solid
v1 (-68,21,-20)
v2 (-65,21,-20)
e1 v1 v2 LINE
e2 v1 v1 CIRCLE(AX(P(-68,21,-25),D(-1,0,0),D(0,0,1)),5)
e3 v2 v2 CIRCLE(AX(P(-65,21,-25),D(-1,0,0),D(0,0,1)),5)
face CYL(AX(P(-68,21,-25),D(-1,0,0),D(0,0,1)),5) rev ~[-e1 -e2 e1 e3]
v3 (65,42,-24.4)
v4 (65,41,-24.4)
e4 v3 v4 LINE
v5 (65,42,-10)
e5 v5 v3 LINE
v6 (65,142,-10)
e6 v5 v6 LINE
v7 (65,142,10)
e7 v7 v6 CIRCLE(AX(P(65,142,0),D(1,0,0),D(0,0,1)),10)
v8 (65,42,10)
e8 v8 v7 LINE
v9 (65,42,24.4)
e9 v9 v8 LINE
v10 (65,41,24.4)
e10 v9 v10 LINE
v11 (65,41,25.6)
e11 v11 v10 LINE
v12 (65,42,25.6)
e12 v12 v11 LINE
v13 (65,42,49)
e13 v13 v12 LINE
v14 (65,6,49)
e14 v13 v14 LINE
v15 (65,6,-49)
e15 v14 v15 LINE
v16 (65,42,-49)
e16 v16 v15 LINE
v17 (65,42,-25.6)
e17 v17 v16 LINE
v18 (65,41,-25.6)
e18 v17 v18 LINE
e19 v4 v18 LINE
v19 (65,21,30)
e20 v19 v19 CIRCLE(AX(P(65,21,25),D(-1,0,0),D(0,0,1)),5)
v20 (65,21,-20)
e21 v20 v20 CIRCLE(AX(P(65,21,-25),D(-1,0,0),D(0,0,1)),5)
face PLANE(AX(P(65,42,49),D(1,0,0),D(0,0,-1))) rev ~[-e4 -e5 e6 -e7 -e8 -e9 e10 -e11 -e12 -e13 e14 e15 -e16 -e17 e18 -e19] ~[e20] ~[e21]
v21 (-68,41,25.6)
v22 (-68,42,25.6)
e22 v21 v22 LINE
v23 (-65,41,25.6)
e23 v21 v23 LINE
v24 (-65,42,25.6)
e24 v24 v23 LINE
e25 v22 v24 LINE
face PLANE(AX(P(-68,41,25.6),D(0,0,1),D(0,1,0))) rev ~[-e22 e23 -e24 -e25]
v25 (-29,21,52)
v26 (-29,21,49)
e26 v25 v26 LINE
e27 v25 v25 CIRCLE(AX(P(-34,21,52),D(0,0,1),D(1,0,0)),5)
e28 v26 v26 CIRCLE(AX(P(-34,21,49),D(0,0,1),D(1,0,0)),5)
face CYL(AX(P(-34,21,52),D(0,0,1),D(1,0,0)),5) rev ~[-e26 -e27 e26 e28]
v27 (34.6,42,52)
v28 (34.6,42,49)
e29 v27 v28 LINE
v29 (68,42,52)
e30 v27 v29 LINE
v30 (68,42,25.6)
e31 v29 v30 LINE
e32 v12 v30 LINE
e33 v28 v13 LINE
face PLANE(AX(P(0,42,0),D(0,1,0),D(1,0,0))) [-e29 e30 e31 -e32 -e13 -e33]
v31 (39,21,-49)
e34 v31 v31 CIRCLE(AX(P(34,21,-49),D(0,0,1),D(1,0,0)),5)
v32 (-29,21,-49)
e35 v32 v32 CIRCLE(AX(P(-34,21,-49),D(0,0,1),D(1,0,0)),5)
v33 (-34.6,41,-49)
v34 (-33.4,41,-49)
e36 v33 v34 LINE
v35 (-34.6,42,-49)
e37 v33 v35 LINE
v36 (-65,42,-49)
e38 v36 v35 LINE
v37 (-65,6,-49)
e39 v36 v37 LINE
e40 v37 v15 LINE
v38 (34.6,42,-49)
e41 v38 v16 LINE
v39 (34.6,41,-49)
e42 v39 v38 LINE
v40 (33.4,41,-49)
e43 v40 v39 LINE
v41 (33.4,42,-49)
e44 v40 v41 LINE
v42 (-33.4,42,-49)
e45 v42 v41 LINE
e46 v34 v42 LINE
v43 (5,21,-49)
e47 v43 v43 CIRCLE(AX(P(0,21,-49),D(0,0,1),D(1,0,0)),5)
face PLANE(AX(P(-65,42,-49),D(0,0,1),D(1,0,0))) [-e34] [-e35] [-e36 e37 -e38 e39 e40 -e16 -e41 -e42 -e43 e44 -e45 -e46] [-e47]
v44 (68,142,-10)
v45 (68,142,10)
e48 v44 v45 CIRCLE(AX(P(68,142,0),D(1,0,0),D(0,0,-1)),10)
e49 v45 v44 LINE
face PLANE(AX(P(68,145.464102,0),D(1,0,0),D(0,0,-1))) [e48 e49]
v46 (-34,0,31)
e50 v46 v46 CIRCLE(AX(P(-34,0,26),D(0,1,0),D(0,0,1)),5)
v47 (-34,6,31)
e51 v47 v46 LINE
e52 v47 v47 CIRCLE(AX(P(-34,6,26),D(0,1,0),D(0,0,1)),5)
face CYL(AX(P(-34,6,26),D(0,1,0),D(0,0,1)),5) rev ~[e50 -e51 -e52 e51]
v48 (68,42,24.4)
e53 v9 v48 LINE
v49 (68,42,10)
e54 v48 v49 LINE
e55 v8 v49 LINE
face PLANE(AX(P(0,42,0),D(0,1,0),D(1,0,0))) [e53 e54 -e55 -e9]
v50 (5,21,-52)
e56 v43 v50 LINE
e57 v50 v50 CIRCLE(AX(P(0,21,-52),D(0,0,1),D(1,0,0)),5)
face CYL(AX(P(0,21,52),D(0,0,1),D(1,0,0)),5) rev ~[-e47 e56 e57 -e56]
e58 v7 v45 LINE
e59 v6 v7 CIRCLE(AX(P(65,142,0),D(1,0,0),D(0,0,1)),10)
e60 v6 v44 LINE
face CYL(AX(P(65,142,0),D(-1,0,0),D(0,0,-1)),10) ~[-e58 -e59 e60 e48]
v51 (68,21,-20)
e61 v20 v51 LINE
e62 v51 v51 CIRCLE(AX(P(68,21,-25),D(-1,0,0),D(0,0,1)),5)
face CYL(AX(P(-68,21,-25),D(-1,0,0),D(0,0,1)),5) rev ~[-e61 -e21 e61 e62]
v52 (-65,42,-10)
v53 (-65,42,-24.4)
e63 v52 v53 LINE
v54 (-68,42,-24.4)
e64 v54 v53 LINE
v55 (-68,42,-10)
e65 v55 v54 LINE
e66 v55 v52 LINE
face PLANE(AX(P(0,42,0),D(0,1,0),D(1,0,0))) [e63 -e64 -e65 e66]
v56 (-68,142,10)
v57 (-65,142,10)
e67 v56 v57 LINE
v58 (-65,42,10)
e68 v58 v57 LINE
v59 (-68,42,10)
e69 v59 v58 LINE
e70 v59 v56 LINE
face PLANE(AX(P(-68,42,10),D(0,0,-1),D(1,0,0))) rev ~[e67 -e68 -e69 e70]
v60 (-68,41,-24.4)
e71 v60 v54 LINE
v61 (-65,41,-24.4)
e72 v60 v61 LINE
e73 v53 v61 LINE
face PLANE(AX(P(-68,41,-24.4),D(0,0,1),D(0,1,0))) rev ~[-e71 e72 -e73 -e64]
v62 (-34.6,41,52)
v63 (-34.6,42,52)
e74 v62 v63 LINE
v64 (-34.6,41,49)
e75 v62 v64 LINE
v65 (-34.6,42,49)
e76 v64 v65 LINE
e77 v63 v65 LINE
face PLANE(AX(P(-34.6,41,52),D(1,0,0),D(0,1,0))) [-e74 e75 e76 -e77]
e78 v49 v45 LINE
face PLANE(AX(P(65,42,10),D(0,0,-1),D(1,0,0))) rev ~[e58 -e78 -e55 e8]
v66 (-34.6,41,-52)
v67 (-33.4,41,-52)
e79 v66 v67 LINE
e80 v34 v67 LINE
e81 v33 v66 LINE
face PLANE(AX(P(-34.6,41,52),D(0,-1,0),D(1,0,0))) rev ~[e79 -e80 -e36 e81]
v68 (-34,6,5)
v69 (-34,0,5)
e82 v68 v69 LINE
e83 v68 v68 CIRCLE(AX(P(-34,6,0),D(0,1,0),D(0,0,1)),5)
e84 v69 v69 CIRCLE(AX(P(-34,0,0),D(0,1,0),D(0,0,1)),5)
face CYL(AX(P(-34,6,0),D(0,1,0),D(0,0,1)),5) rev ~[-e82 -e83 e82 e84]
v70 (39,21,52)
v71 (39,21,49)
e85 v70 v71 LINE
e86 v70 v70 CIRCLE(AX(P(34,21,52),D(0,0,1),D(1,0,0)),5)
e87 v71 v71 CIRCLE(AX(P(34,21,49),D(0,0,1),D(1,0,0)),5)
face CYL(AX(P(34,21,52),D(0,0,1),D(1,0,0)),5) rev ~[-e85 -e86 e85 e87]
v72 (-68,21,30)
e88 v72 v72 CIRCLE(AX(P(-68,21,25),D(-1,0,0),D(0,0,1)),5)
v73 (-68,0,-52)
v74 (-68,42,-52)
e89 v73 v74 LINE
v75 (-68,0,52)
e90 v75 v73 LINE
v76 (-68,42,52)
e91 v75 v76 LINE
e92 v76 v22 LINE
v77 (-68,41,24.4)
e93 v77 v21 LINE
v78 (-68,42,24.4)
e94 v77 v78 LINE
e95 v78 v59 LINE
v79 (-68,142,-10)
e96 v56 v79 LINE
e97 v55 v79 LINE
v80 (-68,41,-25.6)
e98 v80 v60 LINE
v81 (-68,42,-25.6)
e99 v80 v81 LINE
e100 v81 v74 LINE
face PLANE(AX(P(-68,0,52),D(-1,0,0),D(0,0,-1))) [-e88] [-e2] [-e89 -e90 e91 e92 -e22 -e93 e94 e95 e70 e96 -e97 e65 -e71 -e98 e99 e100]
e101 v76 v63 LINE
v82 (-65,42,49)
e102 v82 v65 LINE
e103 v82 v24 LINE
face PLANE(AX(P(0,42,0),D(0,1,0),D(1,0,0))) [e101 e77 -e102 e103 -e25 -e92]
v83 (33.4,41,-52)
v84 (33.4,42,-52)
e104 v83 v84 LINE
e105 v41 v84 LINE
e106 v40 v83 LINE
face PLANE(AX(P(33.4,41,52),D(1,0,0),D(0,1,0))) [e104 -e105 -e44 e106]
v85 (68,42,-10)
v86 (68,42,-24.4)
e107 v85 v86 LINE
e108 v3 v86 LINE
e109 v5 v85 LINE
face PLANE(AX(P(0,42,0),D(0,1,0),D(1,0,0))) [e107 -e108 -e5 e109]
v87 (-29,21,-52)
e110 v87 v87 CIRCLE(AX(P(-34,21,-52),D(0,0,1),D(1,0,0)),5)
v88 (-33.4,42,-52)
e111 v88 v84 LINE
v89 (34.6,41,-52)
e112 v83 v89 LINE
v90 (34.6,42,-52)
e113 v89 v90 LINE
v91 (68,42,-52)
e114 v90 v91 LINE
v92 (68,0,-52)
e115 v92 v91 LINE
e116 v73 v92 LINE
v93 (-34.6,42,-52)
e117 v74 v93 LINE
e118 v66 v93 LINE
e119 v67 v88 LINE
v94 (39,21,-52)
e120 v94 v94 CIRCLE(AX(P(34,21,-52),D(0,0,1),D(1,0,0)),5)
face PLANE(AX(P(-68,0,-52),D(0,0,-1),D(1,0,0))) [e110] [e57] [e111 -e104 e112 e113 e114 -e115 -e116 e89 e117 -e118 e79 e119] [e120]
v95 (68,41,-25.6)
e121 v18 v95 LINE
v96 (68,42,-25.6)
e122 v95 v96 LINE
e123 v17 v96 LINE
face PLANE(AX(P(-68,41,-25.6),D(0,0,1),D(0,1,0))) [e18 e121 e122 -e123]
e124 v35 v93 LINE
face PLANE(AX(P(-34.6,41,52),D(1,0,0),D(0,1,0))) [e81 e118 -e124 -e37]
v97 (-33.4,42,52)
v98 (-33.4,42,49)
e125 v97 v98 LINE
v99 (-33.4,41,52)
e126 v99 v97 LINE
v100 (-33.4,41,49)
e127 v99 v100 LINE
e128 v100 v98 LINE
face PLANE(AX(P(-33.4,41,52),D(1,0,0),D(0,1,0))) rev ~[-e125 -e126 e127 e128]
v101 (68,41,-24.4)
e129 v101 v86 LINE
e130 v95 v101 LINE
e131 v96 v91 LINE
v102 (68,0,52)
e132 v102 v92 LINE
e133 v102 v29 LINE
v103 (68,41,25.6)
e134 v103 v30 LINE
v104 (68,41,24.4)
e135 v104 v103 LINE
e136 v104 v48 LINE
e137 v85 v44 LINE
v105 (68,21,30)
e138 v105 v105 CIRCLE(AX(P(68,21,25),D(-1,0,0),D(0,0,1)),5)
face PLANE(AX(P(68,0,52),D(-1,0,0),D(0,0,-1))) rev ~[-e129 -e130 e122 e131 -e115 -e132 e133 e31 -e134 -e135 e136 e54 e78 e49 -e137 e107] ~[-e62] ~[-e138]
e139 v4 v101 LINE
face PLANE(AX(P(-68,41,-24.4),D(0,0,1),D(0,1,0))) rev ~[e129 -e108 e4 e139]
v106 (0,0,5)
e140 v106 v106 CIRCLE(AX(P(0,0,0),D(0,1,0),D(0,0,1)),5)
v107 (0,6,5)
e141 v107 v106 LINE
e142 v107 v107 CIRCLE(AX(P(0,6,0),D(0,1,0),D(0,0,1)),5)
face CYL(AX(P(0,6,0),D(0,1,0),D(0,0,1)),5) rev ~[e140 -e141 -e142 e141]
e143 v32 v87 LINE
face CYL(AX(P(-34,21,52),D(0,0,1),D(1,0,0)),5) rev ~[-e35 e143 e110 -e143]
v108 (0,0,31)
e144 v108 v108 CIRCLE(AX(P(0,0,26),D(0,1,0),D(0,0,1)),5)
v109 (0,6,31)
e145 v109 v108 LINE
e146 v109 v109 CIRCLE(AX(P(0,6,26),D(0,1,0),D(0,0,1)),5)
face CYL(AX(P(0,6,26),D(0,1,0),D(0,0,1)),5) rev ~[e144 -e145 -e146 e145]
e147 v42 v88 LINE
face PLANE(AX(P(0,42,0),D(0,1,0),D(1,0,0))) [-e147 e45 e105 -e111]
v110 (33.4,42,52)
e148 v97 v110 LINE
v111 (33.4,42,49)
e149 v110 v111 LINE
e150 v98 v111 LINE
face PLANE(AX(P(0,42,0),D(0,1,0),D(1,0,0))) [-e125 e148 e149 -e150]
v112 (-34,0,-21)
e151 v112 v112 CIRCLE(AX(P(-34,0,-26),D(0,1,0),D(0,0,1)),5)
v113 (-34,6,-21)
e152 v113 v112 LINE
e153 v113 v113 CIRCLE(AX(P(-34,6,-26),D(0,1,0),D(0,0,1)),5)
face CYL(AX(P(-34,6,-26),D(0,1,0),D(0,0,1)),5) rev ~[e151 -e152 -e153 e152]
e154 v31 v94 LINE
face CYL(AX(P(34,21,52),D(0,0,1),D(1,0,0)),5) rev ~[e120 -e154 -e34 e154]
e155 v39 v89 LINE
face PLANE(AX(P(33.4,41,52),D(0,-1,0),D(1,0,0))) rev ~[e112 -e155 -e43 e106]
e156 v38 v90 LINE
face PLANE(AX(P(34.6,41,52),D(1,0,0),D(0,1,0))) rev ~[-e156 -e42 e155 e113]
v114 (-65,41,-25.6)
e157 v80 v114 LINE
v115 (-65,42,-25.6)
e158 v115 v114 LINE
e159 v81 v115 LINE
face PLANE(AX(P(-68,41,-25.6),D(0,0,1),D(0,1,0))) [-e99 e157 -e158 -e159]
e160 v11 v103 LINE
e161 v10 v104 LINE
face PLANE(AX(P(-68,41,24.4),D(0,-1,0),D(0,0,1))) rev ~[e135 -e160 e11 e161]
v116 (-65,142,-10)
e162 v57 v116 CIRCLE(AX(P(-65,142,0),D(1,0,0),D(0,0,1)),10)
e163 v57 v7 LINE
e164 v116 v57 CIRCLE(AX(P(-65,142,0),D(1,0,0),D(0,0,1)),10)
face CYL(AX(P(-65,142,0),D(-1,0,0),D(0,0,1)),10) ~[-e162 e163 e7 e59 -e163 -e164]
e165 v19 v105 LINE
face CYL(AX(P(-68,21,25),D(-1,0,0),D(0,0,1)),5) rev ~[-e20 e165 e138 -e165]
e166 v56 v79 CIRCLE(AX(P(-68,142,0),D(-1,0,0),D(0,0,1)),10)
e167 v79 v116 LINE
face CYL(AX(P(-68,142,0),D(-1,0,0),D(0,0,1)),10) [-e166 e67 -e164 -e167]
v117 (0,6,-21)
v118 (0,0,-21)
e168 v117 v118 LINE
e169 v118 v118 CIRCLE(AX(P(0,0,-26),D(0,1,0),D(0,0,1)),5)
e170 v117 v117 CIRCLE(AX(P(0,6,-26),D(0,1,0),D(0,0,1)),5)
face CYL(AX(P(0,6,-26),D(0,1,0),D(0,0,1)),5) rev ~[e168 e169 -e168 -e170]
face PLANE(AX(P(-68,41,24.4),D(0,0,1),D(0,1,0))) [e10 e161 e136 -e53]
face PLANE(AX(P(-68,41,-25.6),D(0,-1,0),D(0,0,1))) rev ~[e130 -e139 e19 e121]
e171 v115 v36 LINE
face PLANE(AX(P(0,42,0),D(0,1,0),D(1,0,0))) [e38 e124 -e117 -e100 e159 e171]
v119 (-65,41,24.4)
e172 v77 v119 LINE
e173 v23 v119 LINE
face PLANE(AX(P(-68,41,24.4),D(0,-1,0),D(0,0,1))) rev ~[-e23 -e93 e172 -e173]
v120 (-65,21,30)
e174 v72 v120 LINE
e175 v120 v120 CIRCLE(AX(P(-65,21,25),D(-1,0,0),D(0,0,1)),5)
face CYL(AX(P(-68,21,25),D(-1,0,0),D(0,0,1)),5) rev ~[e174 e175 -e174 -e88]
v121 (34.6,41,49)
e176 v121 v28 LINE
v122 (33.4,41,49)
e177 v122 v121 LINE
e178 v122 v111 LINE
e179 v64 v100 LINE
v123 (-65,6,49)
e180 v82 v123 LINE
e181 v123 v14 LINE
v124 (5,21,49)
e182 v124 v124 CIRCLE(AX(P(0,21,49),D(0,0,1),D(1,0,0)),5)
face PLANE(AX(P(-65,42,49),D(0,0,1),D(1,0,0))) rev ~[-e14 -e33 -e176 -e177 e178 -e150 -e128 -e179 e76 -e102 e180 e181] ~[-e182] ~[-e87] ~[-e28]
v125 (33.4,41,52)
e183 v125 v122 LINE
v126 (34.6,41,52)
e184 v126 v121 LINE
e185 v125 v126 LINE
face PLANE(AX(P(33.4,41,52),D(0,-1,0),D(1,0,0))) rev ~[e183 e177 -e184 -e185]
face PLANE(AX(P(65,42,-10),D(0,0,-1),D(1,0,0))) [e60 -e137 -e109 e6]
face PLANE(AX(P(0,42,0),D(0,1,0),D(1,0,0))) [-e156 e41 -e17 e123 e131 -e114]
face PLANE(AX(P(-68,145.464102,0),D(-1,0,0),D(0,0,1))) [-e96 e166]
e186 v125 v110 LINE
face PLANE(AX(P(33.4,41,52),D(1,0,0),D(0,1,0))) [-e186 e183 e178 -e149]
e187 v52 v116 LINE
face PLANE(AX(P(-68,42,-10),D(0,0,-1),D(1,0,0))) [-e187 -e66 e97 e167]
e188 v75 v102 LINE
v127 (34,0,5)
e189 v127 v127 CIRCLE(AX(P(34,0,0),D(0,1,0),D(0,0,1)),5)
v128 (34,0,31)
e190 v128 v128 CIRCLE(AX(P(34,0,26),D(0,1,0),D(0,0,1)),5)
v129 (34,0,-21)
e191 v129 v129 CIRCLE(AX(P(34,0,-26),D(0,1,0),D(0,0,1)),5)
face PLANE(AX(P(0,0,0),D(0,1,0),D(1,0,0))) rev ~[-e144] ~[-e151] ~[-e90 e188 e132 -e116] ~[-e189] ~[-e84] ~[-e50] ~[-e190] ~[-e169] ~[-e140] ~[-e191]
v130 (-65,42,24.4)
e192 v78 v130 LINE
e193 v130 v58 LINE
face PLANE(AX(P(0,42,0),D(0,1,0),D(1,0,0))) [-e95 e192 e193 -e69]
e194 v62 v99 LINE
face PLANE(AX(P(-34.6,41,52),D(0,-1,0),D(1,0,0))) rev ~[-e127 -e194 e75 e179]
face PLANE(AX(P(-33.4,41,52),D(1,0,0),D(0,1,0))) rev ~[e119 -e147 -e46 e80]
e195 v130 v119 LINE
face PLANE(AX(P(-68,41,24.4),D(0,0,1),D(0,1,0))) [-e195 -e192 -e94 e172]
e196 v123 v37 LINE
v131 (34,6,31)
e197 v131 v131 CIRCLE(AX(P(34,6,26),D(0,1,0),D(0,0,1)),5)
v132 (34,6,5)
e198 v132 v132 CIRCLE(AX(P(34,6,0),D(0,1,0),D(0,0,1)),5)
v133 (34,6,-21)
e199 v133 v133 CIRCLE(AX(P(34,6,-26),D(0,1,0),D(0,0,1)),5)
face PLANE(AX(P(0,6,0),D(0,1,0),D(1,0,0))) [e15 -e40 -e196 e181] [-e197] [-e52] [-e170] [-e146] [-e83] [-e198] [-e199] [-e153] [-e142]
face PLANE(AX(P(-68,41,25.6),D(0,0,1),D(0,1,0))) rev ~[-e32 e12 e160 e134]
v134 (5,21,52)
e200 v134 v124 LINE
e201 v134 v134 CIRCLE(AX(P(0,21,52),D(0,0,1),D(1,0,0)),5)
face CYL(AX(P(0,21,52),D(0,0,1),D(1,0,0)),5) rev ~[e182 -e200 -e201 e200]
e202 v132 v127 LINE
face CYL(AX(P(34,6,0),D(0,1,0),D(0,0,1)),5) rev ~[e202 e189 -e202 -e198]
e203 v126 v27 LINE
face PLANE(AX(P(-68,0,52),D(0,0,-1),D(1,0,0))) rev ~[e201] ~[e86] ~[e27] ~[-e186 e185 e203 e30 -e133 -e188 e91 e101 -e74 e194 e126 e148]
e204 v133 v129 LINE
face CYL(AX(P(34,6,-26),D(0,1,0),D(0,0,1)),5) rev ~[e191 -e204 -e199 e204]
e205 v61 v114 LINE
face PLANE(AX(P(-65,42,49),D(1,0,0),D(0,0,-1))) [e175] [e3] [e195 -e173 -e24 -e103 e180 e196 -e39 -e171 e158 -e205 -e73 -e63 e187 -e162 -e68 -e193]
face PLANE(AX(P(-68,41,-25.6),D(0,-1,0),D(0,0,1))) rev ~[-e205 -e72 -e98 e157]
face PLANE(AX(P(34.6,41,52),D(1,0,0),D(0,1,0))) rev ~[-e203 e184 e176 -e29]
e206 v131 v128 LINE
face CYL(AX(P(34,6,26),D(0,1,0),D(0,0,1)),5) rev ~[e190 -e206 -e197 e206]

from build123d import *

# Parameters (mm, degrees)
SKETCH_1_W          = 136
SKETCH_1_H          = 104
EXTRUDE_1_DEPTH     = 42
SKETCH_2_W          = 130
SKETCH_2_H          = 98
CUT_EXTRUDE_1_DEPTH = 36
CUT_EXTRUDE_2_REACH = 94.865
SKETCH_3_R          = 5
SKETCH_4_R          = 5
CUT_EXTRUDE_3_DEPTH = 136
SKETCH_5_R          = 5
CUT_EXTRUDE_4_DEPTH = 104
SKETCH_6_W          = 3
SKETCH_6_H          = 20
EXTRUDE_2_DEPTH     = 100
SKETCH_7_R          = 10
EXTRUDE_3_DEPTH     = 130
EXTRUDE_4_DEPTH     = 3
EXTRUDE_START       = -3
EXTRUDE_5_DEPTH     = 3
SKETCH_10_W         = 1.2
SKETCH_10_H         = 2
CUT_EXTRUDE_5_DEPTH = 104
SKETCH_11_W         = 1.2
SKETCH_11_H         = 2
CUT_EXTRUDE_6_DEPTH = 136


with BuildPart() as part:
    # 草图1 → 凸台-拉伸1 (new body)
    with BuildSketch(Plane(origin=(0, 0, 0), x_dir=(1, 0, 0), z_dir=(0, 1, 0))):
        Rectangle(SKETCH_1_W, SKETCH_1_H)
    extrude(amount=EXTRUDE_1_DEPTH)

    # 草图2 → 切除-拉伸1 (cut)
    with BuildSketch(Plane(origin=(0, 42, 0), x_dir=(1, 0, 0), z_dir=(0, 1, 0))):
        Rectangle(SKETCH_2_W, SKETCH_2_H)
    extrude(amount=-CUT_EXTRUDE_1_DEPTH, mode=Mode.SUBTRACT)

    # 草图3 → 切除-拉伸2 (cut, up to next)
    with BuildSketch(Plane(origin=(0, 6, 0), x_dir=(1, 0, 0), z_dir=(0, 1, 0)), mode=Mode.PRIVATE) as cut_extrude_2_sk1:
        with Locations(Location((-34, 26, 0), (0, 0, 270))):
            Circle(SKETCH_3_R)
    cut_extrude_2_tool1 = extrude(cut_extrude_2_sk1.sketch, amount=-CUT_EXTRUDE_2_REACH, mode=Mode.PRIVATE) & part.part
    # 草图3 → 切除-拉伸2 (cut, up to next)
    with BuildSketch(Plane(origin=(0, 6, 0), x_dir=(1, 0, 0), z_dir=(0, 1, 0)), mode=Mode.PRIVATE) as cut_extrude_2_sk2:
        with Locations(Location((-34, -26, 0), (0, 0, 270))):
            Circle(SKETCH_3_R)
    cut_extrude_2_tool2 = extrude(cut_extrude_2_sk2.sketch, amount=-CUT_EXTRUDE_2_REACH, mode=Mode.PRIVATE) & part.part
    # 草图3 → 切除-拉伸2 (cut, up to next)
    with BuildSketch(Plane(origin=(0, 6, 0), x_dir=(1, 0, 0), z_dir=(0, 1, 0)), mode=Mode.PRIVATE) as cut_extrude_2_sk3:
        with Locations(Location((34, 26, 0), (0, 0, 270))):
            Circle(SKETCH_3_R)
    cut_extrude_2_tool3 = extrude(cut_extrude_2_sk3.sketch, amount=-CUT_EXTRUDE_2_REACH, mode=Mode.PRIVATE) & part.part
    # 草图3 → 切除-拉伸2 (cut, up to next)
    with BuildSketch(Plane(origin=(0, 6, 0), x_dir=(1, 0, 0), z_dir=(0, 1, 0)), mode=Mode.PRIVATE) as cut_extrude_2_sk4:
        with Locations(Location((34, -26, 0), (0, 0, 270))):
            Circle(SKETCH_3_R)
    cut_extrude_2_tool4 = extrude(cut_extrude_2_sk4.sketch, amount=-CUT_EXTRUDE_2_REACH, mode=Mode.PRIVATE) & part.part
    # 草图3 → 切除-拉伸2 (cut, up to next)
    with BuildSketch(Plane(origin=(0, 6, 0), x_dir=(1, 0, 0), z_dir=(0, 1, 0)), mode=Mode.PRIVATE) as cut_extrude_2_sk5:
        with Locations(Location((0, 26, 0), (0, 0, 270))):
            Circle(SKETCH_3_R)
    cut_extrude_2_tool5 = extrude(cut_extrude_2_sk5.sketch, amount=-CUT_EXTRUDE_2_REACH, mode=Mode.PRIVATE) & part.part
    # 草图3 → 切除-拉伸2 (cut, up to next)
    with BuildSketch(Plane(origin=(0, 6, 0), x_dir=(1, 0, 0), z_dir=(0, 1, 0)), mode=Mode.PRIVATE) as cut_extrude_2_sk6:
        with Locations(Location((0, 0, 0), (0, 0, 270))):
            Circle(SKETCH_3_R)
    cut_extrude_2_tool6 = extrude(cut_extrude_2_sk6.sketch, amount=-CUT_EXTRUDE_2_REACH, mode=Mode.PRIVATE) & part.part
    # 草图3 → 切除-拉伸2 (cut, up to next)
    with BuildSketch(Plane(origin=(0, 6, 0), x_dir=(1, 0, 0), z_dir=(0, 1, 0)), mode=Mode.PRIVATE) as cut_extrude_2_sk7:
        with Locations(Location((-34, 0, 0), (0, 0, 270))):
            Circle(SKETCH_3_R)
    cut_extrude_2_tool7 = extrude(cut_extrude_2_sk7.sketch, amount=-CUT_EXTRUDE_2_REACH, mode=Mode.PRIVATE) & part.part
    # 草图3 → 切除-拉伸2 (cut, up to next)
    with BuildSketch(Plane(origin=(0, 6, 0), x_dir=(1, 0, 0), z_dir=(0, 1, 0)), mode=Mode.PRIVATE) as cut_extrude_2_sk8:
        with Locations(Location((0, -26, 0), (0, 0, 270))):
            Circle(SKETCH_3_R)
    cut_extrude_2_tool8 = extrude(cut_extrude_2_sk8.sketch, amount=-CUT_EXTRUDE_2_REACH, mode=Mode.PRIVATE) & part.part
    # 草图3 → 切除-拉伸2 (cut, up to next)
    with BuildSketch(Plane(origin=(0, 6, 0), x_dir=(1, 0, 0), z_dir=(0, 1, 0)), mode=Mode.PRIVATE) as cut_extrude_2_sk9:
        with Locations(Location((34, 0, 0), (0, 0, 270))):
            Circle(SKETCH_3_R)
    cut_extrude_2_tool9 = extrude(cut_extrude_2_sk9.sketch, amount=-CUT_EXTRUDE_2_REACH, mode=Mode.PRIVATE) & part.part
    add(cut_extrude_2_tool1.solids().sort_by_distance((-34, 6, -26))[0], mode=Mode.SUBTRACT)
    add(cut_extrude_2_tool2.solids().sort_by_distance((-34, 6, 26))[0], mode=Mode.SUBTRACT)
    add(cut_extrude_2_tool3.solids().sort_by_distance((34, 6, -26))[0], mode=Mode.SUBTRACT)
    add(cut_extrude_2_tool4.solids().sort_by_distance((34, 6, 26))[0], mode=Mode.SUBTRACT)
    add(cut_extrude_2_tool5.solids().sort_by_distance((0, 6, -26))[0], mode=Mode.SUBTRACT)
    add(cut_extrude_2_tool6.solids().sort_by_distance((0, 6, 0))[0], mode=Mode.SUBTRACT)
    add(cut_extrude_2_tool7.solids().sort_by_distance((-34, 6, 0))[0], mode=Mode.SUBTRACT)
    add(cut_extrude_2_tool8.solids().sort_by_distance((0, 6, 26))[0], mode=Mode.SUBTRACT)
    add(cut_extrude_2_tool9.solids().sort_by_distance((34, 6, 0))[0], mode=Mode.SUBTRACT)

    # 草图4 → 切除-拉伸3 (cut)
    with BuildSketch(Plane.ZY.offset(68)):
        with Locations((-25, 21)):
            Circle(SKETCH_4_R)
        with Locations((25, 21)):
            Circle(SKETCH_4_R)
    extrude(amount=-CUT_EXTRUDE_3_DEPTH, mode=Mode.SUBTRACT)

    # 草图5 → 切除-拉伸4 (cut)
    with BuildSketch(Plane.XY.offset(52)):
        with Locations((-34, 21)):
            Circle(SKETCH_5_R)
        with Locations((34, 21)):
            Circle(SKETCH_5_R)
        with Locations((0, 21)):
            Circle(SKETCH_5_R)
    extrude(amount=-CUT_EXTRUDE_4_DEPTH, mode=Mode.SUBTRACT)

    # 草图6 → 凸台-拉伸2 (add)
    with BuildSketch(Plane(origin=(0, 42, 0), x_dir=(1, 0, 0), z_dir=(0, 1, 0))):
        with Locations((-66.5, 0)):
            Rectangle(SKETCH_6_W, SKETCH_6_H)
        with Locations((66.5, 0)):
            Rectangle(SKETCH_6_W, SKETCH_6_H)
    extrude(amount=EXTRUDE_2_DEPTH)

    # 草图7 → 凸台-拉伸3 (add)
    with BuildSketch(Plane(origin=(-65, 0, 0), x_dir=(0, 0, -1), z_dir=(1, 0, 0))):
        with Locations(Location((0, 142, 0), (0, 0, 180))):
            Circle(SKETCH_7_R)
    extrude(amount=EXTRUDE_3_DEPTH)

    # 草图8 → 凸台-拉伸4 (add)
    with BuildSketch(Plane.ZY.offset(68)):
        with BuildLine():
            Line((-10, 142), (10, 142))
            ThreePointArc((10, 142), (0, 152), (-10, 142))
        make_face()
    extrude(amount=-EXTRUDE_4_DEPTH)

    # 草图9 → 凸台-拉伸5 (add)
    with BuildSketch(Plane(origin=(68, 0, 0), x_dir=(0, 0, -1), z_dir=(1, 0, 0)).offset(EXTRUDE_START)):
        with BuildLine():
            Line((-10, 142), (10, 142))
            ThreePointArc((10, 142), (0, 152), (-10, 142))
        make_face()
    extrude(amount=EXTRUDE_5_DEPTH)

    # 草图10 → 切除-拉伸5 (cut)
    with BuildSketch(Plane.XY.offset(52)):
        with Locations((-34, 42)):
            Rectangle(SKETCH_10_W, SKETCH_10_H)
        with Locations((34, 42)):
            Rectangle(SKETCH_10_W, SKETCH_10_H)
    extrude(amount=-CUT_EXTRUDE_5_DEPTH, mode=Mode.SUBTRACT)

    # 草图11 → 切除-拉伸6 (cut)
    with BuildSketch(Plane.ZY.offset(68)):
        with Locations((-25, 42)):
            Rectangle(SKETCH_11_W, SKETCH_11_H)
        with Locations((25, 42)):
            Rectangle(SKETCH_11_W, SKETCH_11_H)
    extrude(amount=-CUT_EXTRUDE_6_DEPTH, mode=Mode.SUBTRACT)


solid = part.part
